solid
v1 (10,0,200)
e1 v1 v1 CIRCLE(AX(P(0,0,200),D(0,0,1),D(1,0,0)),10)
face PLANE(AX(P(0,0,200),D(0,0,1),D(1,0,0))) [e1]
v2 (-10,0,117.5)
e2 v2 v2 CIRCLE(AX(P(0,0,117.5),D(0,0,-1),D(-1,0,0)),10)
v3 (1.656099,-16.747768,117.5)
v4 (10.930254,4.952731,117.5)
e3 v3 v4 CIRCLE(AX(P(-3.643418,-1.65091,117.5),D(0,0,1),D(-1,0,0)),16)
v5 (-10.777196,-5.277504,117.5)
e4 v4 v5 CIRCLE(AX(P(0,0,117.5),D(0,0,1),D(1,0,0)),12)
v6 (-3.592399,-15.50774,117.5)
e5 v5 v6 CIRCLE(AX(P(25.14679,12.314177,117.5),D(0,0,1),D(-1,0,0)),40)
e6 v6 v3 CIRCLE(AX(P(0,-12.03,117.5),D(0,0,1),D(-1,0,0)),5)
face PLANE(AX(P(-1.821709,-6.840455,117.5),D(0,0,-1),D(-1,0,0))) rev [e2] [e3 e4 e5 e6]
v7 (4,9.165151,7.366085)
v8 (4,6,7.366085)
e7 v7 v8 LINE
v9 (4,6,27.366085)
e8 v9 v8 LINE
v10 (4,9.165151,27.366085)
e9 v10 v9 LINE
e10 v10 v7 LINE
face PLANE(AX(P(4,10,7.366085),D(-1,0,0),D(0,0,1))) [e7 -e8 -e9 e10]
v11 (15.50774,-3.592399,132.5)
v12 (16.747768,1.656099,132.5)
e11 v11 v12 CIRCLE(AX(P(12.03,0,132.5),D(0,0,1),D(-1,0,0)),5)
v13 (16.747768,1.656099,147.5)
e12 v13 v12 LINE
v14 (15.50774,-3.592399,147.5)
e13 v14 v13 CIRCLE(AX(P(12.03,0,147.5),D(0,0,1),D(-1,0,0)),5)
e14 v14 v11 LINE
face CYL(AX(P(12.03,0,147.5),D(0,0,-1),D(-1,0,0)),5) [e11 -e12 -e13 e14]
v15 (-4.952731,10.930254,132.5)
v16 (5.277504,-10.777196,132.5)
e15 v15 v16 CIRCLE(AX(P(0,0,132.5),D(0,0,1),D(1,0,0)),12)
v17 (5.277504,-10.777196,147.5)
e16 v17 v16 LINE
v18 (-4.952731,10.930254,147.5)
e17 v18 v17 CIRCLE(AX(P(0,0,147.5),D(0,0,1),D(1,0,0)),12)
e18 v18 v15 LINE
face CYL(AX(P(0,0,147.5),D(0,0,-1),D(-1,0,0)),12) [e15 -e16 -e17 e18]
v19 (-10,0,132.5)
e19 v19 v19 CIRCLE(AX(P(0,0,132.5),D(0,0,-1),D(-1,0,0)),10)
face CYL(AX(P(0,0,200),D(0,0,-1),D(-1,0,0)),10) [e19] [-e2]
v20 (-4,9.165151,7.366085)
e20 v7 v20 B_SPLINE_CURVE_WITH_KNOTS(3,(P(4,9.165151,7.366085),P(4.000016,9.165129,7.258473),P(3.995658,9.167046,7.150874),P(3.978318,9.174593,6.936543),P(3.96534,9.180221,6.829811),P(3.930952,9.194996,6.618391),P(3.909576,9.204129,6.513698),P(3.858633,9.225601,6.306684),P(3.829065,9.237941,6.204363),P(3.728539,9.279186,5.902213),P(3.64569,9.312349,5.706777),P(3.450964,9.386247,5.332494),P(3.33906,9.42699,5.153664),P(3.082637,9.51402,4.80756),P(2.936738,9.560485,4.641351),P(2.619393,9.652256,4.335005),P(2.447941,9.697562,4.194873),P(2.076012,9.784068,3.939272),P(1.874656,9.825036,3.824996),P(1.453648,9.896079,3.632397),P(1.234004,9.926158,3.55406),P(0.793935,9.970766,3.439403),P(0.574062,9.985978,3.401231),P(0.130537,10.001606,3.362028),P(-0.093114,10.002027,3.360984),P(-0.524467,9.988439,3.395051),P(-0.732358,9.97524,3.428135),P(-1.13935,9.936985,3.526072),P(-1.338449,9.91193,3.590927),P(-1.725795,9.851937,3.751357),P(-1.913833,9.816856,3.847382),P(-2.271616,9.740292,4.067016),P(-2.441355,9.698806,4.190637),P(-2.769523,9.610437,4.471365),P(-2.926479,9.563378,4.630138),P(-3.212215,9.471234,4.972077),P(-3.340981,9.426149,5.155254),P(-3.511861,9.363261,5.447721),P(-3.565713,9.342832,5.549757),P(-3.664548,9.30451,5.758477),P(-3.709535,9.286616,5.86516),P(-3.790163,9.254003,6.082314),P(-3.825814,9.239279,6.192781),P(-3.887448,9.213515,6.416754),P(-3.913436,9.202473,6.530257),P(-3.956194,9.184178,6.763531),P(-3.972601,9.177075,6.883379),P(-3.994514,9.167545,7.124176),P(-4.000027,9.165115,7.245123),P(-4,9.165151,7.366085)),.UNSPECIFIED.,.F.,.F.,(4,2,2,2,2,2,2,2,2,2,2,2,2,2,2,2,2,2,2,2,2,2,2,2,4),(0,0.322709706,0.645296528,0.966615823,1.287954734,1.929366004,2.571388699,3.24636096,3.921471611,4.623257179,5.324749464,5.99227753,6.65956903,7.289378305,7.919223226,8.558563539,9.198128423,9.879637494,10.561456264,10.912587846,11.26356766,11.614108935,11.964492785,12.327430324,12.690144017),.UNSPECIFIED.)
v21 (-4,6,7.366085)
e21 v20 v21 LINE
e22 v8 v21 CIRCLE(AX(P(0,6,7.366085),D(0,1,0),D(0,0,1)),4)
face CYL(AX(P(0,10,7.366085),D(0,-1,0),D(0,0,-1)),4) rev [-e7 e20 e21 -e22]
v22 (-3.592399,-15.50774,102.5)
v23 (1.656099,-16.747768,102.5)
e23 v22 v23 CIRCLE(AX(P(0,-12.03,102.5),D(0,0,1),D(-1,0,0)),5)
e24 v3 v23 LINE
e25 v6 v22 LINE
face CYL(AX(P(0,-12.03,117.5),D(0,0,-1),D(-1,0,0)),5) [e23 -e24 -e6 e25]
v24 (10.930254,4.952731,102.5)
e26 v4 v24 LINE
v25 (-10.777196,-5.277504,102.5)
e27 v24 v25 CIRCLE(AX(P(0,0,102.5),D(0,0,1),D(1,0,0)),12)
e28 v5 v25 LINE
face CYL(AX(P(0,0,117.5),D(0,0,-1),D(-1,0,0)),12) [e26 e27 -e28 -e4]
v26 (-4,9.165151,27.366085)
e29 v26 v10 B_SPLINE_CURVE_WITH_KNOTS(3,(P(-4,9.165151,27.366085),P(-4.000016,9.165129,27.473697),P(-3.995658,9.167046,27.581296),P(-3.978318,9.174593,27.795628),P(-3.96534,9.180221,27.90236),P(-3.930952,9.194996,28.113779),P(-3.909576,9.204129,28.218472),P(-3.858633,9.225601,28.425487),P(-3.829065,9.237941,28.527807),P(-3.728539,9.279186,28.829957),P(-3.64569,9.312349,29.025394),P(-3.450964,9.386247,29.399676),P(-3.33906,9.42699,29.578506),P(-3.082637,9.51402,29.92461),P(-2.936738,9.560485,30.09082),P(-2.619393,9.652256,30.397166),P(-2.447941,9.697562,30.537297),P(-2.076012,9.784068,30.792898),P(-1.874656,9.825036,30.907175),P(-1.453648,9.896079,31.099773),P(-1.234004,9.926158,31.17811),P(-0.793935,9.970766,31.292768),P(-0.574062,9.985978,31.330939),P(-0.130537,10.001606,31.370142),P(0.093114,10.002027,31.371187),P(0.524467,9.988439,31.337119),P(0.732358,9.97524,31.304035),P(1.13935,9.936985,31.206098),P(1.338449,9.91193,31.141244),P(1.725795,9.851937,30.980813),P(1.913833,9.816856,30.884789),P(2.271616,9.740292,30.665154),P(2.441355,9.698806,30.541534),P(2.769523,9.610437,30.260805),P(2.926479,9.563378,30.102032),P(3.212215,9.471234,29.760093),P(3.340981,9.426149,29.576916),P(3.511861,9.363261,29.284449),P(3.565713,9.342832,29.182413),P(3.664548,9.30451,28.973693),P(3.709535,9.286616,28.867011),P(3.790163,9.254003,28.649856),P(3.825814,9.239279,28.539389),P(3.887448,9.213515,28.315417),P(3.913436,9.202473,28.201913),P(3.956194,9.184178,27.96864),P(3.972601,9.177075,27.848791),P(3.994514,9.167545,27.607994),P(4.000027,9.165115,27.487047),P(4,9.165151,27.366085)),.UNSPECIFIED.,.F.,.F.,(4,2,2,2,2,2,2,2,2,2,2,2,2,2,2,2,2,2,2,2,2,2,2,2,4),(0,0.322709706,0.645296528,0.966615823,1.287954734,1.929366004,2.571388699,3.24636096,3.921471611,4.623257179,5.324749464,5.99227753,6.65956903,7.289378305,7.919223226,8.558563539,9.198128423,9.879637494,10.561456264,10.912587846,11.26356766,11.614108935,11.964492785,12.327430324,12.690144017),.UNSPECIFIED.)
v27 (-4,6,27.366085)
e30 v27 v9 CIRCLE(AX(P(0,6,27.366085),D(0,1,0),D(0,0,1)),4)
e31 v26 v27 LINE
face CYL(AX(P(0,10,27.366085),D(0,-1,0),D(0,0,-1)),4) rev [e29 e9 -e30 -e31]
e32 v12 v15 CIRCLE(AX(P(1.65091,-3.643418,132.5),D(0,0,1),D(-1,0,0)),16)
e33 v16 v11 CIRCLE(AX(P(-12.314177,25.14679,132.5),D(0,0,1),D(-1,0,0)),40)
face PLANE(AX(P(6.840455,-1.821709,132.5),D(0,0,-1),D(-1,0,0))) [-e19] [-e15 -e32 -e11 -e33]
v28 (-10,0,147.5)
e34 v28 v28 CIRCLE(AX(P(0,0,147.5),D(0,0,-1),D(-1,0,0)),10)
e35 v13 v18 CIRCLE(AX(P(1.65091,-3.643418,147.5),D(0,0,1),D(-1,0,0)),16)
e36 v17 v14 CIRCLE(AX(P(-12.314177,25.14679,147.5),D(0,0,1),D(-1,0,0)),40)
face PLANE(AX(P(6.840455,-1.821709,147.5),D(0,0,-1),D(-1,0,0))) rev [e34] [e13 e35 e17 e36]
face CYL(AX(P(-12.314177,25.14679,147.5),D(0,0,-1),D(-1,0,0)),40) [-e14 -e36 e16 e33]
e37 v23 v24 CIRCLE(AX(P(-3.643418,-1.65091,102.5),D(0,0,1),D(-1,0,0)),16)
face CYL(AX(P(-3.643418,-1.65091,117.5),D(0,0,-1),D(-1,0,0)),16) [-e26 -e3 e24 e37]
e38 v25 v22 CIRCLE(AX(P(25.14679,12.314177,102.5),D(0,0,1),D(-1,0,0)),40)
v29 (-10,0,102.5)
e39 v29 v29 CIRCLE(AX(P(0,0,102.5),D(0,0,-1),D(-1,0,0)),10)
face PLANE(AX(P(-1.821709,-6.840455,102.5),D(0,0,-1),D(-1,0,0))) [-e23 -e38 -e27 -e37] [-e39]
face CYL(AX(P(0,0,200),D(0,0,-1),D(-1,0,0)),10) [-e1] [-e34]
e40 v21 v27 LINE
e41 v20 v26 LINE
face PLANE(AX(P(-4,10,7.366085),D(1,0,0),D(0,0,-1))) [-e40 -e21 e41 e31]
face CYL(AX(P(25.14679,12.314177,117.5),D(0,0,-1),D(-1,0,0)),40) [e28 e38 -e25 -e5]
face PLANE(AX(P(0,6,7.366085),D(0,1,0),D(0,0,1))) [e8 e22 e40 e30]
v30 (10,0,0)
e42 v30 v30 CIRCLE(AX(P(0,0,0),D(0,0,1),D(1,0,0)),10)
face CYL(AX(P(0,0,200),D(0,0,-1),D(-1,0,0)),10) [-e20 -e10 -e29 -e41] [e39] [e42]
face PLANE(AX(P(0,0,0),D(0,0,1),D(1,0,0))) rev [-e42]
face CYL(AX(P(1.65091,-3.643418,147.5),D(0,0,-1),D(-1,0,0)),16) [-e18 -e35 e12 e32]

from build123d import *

# Parameters (mm, degrees)
SKETCH1_R           = 10
BOSS_EXTRUDE1_DEPTH = 200
CUT_EXTRUDE1_DEPTH  = 201.888028513
BOSS_EXTRUDE2_DEPTH = 7.5
BOSS_EXTRUDE3_DEPTH = 7.5


with BuildPart() as part:
    # Sketch1 → Boss-Extrude1 (new body)
    with BuildSketch(Plane.XY):
        Circle(SKETCH1_R)
    extrude(amount=BOSS_EXTRUDE1_DEPTH)

    # Sketch2 → Cut-Extrude1 (cut, through all)
    with BuildSketch(Plane(origin=(0, 6, 0), x_dir=(1, 0, 0), z_dir=(0, 1, 0))):
        with BuildLine():
            Line((4, -7.366085137), (4, -27.366085137))
            ThreePointArc((4, -27.366085137), (0, -31.366085137), (-4, -27.366085137))
            Line((-4, -27.366085137), (-4, -7.366085137))
            ThreePointArc((-4, -7.366085137), (0, -3.366085137), (4, -7.366085137))
        make_face()
    extrude(amount=CUT_EXTRUDE1_DEPTH, mode=Mode.SUBTRACT)

    # Sketch3 → Boss-Extrude2 (add, symmetric)
    with BuildSketch(Plane.XY.offset(140)):
        with BuildLine():
            ThreePointArc((-4.952730673, 10.930254292), (-10.854939686, -5.115690024), (5.277504453, -10.777195681))
            ThreePointArc((5.277504453, -10.777195681), (10.675038927, -7.586922797), (15.50773958, -3.59239856))
            ThreePointArc((15.50773958, -3.59239856), (16.896032107, -1.149665837), (16.74776808, 1.656099135))
            ThreePointArc((16.74776808, 1.656099135), (7.938689804, 11.069291645), (-4.952730673, 10.930254292))
        make_face()
    extrude(amount=BOSS_EXTRUDE2_DEPTH, both=True)

    # Sketch4 → Boss-Extrude3 (add, symmetric)
    with BuildSketch(Plane.XY.offset(110)):
        with BuildLine():
            ThreePointArc((10.930254292, 4.952730673), (-5.115690024, 10.854939686), (-10.777195681, -5.277504453))
            ThreePointArc((-10.777195681, -5.277504453), (-7.586922797, -10.675038927), (-3.59239856, -15.50773958))
            ThreePointArc((-3.59239856, -15.50773958), (-1.149665837, -16.896032107), (1.656099135, -16.74776808))
            ThreePointArc((1.656099135, -16.74776808), (11.069291645, -7.938689804), (10.930254292, 4.952730673))
        make_face()
    extrude(amount=BOSS_EXTRUDE3_DEPTH, both=True)


solid = part.part
